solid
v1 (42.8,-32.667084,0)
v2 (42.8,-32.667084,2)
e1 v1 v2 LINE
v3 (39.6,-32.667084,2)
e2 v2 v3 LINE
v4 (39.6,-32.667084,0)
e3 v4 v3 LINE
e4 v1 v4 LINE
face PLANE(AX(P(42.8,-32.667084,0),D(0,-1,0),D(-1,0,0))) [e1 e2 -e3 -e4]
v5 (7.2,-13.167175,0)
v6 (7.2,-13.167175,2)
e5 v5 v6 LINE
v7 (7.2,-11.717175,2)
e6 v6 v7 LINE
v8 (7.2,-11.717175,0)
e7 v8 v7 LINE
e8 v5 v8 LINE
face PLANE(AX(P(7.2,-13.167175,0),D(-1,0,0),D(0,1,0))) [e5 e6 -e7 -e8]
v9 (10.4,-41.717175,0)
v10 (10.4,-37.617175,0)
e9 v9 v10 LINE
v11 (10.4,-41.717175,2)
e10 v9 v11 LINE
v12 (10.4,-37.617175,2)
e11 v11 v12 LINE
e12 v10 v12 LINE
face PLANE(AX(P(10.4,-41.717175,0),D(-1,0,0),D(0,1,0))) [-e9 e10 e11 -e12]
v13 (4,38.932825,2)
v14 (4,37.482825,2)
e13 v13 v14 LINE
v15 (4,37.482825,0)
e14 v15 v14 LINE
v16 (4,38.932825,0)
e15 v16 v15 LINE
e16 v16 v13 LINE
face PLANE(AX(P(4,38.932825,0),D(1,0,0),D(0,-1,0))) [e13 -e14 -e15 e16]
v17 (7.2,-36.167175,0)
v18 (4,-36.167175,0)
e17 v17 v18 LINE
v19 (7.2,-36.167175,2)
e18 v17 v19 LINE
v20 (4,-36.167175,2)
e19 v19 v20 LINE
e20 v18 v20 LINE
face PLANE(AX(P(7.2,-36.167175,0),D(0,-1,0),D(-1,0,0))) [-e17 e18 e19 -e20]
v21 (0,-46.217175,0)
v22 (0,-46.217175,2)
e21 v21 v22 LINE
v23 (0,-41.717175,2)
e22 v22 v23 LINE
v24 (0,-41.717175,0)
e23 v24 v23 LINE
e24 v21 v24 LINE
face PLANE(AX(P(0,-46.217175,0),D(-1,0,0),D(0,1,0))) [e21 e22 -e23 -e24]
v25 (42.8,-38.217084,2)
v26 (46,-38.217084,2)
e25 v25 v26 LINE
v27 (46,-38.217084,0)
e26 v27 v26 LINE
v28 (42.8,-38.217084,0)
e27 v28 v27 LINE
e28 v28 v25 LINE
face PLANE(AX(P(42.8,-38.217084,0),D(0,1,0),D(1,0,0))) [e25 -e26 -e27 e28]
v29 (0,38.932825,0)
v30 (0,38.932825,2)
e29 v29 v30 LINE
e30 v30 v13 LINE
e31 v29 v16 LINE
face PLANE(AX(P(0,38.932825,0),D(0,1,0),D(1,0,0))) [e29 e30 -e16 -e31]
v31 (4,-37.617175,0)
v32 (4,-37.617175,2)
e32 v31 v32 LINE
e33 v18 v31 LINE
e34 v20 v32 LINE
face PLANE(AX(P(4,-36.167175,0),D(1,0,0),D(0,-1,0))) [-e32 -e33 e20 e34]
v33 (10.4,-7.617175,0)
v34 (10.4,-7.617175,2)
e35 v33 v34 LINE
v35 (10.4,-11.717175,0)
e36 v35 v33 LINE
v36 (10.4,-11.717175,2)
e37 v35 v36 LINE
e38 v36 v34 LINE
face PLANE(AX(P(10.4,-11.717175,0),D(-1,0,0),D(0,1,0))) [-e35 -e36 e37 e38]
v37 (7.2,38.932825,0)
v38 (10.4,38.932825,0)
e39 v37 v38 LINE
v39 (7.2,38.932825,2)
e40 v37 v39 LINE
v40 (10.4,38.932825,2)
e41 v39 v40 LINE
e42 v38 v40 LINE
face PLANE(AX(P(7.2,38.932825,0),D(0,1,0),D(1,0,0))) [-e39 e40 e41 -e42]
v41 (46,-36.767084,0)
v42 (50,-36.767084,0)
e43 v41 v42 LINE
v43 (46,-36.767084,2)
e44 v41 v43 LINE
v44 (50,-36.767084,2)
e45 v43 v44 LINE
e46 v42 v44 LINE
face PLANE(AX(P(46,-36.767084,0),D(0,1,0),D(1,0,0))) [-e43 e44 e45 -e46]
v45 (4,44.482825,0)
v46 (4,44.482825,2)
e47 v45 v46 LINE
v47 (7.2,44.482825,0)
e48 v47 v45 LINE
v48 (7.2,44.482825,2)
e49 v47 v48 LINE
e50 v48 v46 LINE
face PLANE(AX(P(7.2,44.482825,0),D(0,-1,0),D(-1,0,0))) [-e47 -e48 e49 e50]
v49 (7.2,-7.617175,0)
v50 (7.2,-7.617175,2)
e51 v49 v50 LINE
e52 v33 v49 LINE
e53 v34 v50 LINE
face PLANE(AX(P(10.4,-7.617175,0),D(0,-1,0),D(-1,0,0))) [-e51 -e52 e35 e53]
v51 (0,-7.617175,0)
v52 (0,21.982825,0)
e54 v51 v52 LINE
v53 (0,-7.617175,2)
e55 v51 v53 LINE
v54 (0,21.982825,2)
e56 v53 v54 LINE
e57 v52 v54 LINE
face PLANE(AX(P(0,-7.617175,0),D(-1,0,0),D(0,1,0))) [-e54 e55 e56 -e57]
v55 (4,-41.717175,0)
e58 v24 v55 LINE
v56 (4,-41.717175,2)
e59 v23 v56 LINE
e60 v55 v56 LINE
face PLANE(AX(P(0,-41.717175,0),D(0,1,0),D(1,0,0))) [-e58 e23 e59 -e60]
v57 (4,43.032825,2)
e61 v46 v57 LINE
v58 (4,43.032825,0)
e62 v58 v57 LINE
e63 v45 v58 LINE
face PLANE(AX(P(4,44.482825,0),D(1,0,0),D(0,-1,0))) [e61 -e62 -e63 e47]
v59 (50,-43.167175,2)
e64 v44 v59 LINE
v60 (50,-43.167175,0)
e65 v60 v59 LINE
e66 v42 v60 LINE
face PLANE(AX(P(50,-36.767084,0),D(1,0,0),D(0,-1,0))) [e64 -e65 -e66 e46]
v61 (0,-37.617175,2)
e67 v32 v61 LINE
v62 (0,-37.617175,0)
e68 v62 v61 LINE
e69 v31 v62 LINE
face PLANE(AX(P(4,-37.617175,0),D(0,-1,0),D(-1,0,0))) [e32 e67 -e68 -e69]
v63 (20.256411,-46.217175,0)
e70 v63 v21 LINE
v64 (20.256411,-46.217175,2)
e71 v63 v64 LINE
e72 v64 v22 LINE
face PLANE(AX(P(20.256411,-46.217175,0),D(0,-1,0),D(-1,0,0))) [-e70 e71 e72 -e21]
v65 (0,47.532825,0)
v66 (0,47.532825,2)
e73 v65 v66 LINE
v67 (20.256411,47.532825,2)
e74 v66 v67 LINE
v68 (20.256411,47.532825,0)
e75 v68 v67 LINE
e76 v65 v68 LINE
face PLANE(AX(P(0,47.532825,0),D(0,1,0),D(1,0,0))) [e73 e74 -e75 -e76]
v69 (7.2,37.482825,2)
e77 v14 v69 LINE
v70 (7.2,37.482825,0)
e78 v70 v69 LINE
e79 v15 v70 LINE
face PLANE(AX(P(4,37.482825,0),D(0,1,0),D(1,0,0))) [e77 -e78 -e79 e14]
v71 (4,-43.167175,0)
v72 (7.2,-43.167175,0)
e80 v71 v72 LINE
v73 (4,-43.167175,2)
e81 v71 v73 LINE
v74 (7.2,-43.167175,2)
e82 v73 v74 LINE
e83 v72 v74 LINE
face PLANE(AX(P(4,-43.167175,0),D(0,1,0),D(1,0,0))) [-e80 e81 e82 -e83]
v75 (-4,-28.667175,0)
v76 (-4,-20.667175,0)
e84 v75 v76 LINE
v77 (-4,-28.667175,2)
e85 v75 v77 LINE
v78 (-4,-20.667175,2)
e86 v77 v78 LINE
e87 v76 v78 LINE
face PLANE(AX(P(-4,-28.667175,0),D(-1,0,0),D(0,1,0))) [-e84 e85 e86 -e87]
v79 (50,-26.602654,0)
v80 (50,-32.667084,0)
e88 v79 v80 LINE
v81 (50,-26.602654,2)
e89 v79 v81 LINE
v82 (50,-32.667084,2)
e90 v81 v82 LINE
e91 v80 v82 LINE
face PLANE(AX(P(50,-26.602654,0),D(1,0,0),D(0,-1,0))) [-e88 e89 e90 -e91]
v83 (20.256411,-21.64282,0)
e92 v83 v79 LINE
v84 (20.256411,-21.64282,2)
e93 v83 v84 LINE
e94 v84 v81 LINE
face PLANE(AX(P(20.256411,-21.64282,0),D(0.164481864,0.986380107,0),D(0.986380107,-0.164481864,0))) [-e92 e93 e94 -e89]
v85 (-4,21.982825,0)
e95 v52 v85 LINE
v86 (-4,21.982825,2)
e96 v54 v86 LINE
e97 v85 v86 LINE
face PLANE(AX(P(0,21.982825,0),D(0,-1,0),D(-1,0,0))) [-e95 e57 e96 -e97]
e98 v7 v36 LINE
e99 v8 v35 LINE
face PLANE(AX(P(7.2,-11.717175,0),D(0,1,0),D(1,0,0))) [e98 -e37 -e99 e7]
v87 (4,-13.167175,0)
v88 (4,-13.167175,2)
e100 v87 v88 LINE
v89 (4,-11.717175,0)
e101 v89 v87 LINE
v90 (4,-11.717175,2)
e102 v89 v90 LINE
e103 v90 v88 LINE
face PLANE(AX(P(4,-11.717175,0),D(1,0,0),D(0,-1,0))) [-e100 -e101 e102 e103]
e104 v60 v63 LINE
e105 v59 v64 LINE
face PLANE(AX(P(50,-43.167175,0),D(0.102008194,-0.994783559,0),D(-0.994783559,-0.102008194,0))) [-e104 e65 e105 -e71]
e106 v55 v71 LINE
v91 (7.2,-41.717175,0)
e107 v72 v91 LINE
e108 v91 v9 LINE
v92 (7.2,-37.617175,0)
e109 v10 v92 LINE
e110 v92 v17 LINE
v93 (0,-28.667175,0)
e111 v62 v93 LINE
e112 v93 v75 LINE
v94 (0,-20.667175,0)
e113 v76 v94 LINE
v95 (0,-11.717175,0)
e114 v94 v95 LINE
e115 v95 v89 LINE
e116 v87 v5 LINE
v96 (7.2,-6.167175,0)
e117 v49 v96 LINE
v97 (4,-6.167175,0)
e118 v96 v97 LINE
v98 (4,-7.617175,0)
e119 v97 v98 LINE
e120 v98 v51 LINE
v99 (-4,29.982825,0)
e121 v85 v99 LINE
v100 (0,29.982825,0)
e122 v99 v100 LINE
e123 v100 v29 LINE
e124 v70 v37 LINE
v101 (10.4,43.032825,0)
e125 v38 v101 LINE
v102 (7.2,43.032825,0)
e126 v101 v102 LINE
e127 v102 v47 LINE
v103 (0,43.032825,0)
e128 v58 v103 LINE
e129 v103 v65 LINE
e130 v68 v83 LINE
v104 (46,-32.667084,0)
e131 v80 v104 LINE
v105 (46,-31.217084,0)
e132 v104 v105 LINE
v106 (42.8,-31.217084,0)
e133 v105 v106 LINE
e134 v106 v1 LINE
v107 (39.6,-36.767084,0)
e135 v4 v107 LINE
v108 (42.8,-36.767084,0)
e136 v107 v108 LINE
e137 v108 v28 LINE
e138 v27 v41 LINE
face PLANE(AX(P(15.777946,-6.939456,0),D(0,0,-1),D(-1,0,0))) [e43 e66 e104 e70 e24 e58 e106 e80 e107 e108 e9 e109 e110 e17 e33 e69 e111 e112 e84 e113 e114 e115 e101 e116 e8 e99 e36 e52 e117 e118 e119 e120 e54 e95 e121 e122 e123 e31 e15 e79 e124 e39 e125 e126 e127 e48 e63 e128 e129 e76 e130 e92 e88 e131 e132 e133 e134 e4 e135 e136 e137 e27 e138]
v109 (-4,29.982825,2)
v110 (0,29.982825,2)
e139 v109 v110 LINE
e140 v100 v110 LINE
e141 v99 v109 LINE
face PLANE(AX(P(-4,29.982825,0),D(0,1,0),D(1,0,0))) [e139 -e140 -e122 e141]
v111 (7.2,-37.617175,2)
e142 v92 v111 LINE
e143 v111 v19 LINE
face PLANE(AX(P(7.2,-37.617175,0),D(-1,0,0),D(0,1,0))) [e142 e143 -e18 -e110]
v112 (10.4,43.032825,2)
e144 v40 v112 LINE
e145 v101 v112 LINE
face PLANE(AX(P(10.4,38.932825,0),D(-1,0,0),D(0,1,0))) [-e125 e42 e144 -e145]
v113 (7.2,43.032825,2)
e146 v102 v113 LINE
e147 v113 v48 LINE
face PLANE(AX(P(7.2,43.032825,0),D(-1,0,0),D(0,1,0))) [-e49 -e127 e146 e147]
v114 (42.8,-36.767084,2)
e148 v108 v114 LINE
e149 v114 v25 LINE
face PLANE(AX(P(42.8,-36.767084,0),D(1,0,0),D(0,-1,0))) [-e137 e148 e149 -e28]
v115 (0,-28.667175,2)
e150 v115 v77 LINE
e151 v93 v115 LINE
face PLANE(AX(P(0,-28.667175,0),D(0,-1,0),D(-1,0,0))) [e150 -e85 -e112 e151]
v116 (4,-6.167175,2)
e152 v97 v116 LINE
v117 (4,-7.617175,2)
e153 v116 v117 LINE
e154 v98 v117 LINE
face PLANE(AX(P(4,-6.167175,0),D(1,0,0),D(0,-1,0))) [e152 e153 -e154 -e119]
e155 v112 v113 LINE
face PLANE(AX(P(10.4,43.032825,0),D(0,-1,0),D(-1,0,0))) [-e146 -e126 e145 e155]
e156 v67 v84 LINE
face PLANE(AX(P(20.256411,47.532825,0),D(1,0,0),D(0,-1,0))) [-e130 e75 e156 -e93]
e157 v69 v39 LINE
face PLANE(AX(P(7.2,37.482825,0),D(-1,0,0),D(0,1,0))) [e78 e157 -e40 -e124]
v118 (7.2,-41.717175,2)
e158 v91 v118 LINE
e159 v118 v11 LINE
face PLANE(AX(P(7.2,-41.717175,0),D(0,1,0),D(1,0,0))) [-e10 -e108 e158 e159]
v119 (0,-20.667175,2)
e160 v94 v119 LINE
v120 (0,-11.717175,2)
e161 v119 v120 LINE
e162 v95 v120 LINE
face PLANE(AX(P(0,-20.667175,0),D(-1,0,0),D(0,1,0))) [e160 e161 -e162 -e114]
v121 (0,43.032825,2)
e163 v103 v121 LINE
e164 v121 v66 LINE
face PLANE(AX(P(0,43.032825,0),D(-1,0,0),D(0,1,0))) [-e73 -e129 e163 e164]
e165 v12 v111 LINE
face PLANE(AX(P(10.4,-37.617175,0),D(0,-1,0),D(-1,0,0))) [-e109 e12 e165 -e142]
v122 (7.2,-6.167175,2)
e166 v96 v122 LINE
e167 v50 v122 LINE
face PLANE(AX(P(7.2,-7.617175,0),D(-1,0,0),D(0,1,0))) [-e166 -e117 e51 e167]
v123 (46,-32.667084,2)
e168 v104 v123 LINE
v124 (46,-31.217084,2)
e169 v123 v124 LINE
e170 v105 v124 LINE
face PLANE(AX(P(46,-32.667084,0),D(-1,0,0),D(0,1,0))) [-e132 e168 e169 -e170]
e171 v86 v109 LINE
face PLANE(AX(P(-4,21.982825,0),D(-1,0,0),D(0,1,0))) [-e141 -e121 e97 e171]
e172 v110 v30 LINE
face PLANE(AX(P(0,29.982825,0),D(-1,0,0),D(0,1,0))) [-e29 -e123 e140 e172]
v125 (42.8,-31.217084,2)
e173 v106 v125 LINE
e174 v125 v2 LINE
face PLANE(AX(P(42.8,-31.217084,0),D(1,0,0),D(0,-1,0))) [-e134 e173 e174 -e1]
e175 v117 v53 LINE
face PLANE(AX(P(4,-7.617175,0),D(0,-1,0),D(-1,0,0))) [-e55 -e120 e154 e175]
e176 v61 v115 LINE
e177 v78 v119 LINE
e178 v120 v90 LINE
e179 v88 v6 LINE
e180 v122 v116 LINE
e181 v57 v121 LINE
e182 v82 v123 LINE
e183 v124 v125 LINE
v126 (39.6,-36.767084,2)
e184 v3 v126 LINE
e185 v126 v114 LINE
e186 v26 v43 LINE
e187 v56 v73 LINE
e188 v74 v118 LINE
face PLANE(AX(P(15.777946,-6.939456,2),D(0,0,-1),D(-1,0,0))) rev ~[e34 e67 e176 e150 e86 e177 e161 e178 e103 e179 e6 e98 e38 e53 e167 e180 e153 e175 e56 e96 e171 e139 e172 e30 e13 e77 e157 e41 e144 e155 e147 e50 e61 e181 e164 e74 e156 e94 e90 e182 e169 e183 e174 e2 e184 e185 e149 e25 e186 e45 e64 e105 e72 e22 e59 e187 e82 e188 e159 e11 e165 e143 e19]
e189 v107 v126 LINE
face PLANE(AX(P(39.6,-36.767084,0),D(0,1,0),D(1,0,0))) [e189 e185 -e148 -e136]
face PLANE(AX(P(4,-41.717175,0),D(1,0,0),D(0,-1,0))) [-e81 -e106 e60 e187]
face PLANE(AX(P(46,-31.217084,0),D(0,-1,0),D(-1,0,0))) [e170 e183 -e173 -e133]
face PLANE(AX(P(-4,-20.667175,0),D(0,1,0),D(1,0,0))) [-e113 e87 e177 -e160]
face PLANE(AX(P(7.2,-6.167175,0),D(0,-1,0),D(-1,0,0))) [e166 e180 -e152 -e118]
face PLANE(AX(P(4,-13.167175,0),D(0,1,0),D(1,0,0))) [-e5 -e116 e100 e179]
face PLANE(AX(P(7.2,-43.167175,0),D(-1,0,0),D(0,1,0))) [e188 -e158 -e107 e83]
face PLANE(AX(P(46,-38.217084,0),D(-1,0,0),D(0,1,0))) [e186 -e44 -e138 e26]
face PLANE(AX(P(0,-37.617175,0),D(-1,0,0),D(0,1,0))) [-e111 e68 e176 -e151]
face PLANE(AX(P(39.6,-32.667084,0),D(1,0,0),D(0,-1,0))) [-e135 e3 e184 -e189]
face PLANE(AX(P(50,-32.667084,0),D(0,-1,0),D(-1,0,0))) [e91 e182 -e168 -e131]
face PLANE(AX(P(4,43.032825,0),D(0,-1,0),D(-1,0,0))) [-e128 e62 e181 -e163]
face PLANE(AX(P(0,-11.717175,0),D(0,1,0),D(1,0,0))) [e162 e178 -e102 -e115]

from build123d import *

# Parameters (mm, degrees)
EXTRUDE_1_DEPTH = 2


with BuildPart() as part:
    # 草图1 → 凸台-拉伸1 (new body)
    with BuildSketch(Plane.XY):
        Polygon((0, 38.932825237), (4, 38.932825237), (4, 37.482825237), (7.2, 37.482825237), (7.2, 38.932825237), (10.4, 38.932825237), (10.4, 43.032825237), (7.2, 43.032825237), (7.2, 44.482825237), (4, 44.482825237), (4, 43.032825237), (0, 43.032825237), (0, 47.532825237), (20.256410548, 47.532825237), (20.256410548, -21.642820465), (50, -26.602653907), (50, -32.667083917), (46, -32.667083917), (46, -31.217083917), (42.8, -31.217083917), (42.8, -32.667083917), (39.6, -32.667083917), (39.6, -36.767083917), (42.8, -36.767083917), (42.8, -38.217083917), (46, -38.217083917), (46, -36.767083917), (50, -36.767083917), (50, -43.167174763), (20.256410548, -46.217174763), (0, -46.217174763), (0, -41.717174763), (4, -41.717174763), (4, -43.167174763), (7.2, -43.167174763), (7.2, -41.717174763), (10.4, -41.717174763), (10.4, -37.617174763), (7.2, -37.617174763), (7.2, -36.167174763), (4, -36.167174763), (4, -37.617174763), (0, -37.617174763), (0, -28.667174763), (-4, -28.667174763), (-4, -20.667174763), (0, -20.667174763), (0, -11.717174763), (4, -11.717174763), (4, -13.167174763), (7.2, -13.167174763), (7.2, -11.717174763), (10.4, -11.717174763), (10.4, -7.617174763), (7.2, -7.617174763), (7.2, -6.167174763), (4, -6.167174763), (4, -7.617174763), (0, -7.617174763), (0, 21.982825237), (-4, 21.982825237), (-4, 29.982825237), (0, 29.982825237), align=None)
    extrude(amount=EXTRUDE_1_DEPTH)


solid = part.part
